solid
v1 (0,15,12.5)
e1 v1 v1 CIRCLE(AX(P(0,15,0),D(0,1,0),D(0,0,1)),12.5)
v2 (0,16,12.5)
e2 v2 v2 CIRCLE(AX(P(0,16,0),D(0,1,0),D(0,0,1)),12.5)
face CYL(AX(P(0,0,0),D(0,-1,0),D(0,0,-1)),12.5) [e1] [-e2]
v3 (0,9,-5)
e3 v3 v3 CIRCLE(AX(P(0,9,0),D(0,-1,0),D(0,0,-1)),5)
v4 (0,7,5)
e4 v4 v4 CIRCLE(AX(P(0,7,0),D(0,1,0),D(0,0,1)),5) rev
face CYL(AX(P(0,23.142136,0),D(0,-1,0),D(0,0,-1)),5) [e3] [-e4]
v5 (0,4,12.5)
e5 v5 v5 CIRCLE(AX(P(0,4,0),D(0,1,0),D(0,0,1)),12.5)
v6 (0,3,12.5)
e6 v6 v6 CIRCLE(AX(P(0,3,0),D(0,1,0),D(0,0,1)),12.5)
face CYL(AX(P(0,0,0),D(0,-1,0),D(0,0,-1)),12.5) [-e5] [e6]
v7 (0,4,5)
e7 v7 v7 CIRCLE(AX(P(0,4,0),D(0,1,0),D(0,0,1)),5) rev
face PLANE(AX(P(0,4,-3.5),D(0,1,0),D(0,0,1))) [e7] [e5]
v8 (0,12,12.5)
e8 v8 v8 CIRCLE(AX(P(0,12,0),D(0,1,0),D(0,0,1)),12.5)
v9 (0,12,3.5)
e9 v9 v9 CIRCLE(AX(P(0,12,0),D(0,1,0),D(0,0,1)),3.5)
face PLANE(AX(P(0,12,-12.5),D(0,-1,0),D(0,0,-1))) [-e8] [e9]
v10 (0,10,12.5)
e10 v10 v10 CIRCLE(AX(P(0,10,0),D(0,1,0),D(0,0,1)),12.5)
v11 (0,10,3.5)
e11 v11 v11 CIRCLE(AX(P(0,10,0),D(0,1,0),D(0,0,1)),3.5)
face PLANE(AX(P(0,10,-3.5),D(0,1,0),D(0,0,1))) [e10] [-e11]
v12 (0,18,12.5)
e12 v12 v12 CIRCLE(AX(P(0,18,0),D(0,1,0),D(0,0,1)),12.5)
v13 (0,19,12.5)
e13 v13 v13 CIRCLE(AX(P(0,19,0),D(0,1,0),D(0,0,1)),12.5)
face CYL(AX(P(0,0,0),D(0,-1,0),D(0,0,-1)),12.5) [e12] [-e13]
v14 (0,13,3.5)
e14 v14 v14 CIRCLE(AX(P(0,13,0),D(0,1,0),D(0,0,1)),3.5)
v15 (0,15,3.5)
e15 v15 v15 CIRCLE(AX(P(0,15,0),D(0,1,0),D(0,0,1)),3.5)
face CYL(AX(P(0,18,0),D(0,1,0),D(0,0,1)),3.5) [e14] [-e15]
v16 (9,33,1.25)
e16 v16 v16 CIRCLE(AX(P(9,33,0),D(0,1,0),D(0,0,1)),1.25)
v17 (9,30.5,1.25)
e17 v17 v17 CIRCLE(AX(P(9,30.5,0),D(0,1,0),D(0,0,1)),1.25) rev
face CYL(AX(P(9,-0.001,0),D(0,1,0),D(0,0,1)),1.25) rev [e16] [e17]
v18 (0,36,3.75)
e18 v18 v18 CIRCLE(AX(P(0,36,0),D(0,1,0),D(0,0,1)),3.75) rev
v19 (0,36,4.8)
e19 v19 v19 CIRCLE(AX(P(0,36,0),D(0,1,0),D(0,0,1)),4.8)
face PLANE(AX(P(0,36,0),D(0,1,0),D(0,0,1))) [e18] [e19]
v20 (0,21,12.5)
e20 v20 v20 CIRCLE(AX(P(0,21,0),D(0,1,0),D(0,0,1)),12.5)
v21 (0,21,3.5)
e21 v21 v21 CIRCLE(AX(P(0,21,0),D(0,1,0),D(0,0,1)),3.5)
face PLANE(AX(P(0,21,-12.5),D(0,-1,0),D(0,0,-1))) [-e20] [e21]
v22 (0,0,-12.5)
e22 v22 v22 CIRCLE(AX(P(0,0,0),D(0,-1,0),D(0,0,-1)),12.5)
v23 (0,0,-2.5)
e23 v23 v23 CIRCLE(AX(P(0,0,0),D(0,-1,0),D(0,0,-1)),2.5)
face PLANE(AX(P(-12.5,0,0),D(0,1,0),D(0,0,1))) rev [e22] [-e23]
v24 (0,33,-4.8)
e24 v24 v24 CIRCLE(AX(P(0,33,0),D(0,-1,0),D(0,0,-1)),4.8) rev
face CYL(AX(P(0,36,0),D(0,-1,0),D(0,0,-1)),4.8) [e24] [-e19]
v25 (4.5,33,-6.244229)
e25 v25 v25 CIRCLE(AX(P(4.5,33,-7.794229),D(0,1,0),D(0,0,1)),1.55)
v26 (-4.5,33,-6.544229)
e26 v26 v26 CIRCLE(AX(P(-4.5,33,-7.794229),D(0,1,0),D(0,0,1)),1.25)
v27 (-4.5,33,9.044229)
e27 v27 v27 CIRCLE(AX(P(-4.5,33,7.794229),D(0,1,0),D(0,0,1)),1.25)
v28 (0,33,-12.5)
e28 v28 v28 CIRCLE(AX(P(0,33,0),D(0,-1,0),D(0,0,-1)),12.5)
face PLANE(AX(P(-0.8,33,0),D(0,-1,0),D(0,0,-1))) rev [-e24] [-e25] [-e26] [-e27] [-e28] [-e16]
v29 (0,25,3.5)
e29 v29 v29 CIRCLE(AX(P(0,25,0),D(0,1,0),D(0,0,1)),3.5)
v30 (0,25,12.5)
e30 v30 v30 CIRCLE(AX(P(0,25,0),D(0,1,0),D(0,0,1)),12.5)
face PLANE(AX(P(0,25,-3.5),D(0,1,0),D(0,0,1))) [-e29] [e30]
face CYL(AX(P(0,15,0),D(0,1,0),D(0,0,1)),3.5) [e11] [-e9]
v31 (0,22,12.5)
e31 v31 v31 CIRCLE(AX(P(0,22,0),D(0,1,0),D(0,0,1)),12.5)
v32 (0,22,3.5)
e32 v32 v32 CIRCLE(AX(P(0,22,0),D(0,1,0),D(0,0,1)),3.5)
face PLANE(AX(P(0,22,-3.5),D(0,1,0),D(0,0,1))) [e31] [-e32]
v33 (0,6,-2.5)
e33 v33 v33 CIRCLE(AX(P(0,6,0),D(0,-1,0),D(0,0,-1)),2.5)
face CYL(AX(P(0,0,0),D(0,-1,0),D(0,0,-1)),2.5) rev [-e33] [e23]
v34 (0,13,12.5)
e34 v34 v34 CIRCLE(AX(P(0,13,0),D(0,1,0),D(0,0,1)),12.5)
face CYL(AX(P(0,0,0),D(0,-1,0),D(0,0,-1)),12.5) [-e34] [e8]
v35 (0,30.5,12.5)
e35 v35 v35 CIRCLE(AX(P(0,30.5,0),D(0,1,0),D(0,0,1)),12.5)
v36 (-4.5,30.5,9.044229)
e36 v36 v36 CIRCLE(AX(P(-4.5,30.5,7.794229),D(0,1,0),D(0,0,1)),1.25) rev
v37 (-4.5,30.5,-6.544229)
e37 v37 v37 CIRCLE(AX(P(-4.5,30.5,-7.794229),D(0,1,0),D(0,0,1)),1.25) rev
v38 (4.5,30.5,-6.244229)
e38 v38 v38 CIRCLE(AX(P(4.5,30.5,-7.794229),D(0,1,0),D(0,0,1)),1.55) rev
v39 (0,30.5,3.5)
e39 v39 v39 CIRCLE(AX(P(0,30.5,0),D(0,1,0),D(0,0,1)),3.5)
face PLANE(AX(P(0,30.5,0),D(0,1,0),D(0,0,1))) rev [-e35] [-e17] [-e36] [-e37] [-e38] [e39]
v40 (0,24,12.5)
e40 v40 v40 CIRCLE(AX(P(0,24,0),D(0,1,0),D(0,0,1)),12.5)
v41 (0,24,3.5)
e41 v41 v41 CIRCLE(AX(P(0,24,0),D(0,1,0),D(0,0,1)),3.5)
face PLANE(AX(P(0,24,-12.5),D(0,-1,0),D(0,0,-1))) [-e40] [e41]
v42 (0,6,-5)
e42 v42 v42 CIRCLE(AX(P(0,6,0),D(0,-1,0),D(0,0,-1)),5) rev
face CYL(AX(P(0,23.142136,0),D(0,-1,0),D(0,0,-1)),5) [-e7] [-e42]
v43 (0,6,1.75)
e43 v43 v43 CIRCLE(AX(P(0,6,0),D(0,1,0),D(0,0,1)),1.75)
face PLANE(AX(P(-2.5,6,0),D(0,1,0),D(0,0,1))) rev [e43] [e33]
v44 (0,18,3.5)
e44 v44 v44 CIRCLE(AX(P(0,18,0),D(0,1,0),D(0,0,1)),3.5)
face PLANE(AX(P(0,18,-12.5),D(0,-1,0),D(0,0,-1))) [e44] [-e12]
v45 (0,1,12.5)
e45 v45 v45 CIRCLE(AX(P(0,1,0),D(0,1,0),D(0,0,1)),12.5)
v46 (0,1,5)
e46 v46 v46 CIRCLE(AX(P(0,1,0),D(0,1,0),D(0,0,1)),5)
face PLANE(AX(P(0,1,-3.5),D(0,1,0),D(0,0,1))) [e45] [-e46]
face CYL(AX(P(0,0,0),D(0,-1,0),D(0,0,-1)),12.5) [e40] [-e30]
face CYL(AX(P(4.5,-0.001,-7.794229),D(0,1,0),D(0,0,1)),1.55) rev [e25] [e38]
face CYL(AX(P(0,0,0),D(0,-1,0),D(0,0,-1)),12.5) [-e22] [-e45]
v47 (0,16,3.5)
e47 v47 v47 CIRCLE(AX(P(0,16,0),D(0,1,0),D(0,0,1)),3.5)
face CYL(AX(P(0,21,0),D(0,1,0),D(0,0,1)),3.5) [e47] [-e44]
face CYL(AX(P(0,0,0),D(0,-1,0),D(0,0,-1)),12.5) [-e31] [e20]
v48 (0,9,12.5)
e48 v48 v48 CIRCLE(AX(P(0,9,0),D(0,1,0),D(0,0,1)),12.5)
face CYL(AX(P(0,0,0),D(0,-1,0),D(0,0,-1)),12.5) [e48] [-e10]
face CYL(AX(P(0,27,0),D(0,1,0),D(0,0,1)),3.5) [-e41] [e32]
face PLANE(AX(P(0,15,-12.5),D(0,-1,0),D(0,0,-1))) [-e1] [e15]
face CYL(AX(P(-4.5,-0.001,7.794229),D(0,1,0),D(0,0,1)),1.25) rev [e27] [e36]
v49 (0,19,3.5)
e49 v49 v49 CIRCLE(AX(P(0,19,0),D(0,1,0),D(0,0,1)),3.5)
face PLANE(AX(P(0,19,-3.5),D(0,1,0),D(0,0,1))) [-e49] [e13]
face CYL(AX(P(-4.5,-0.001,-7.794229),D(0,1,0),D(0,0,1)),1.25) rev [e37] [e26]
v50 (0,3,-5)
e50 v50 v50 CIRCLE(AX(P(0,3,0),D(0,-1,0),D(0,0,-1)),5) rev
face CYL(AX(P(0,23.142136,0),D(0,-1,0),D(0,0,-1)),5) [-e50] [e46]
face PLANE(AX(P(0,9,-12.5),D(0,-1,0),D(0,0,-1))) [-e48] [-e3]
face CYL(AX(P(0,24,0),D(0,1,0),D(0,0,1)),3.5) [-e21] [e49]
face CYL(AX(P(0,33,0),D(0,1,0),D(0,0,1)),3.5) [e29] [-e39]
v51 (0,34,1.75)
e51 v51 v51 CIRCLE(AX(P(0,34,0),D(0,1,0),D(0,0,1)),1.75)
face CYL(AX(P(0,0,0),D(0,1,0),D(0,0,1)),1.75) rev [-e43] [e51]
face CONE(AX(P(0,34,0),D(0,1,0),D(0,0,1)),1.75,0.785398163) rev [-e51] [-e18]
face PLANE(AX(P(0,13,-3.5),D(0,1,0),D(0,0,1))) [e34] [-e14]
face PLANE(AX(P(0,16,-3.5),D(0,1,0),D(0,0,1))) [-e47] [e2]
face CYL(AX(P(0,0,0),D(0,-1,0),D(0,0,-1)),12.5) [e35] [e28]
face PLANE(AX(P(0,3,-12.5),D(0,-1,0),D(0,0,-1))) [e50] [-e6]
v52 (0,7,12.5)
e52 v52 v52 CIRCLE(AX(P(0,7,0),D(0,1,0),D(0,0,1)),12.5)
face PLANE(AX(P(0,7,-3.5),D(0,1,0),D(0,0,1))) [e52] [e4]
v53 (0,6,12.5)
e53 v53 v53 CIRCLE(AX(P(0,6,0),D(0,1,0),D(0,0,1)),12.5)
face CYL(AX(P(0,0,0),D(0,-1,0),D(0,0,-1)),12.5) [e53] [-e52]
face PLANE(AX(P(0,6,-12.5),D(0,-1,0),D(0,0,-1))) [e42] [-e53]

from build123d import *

# Parameters (mm, degrees)
LPATTERN1_COUNT       = 11
LPATTERN1_PITCH       = 3
CORTAR_EXTRUIR2_REACH = 35.113
CROQUIS2_R            = 12.499999999999996
CROQUIS2_R_2          = 3.4999999999999982
SKETCH3_R             = 4.8
BOSS_EXTRUDE1_DEPTH   = 3
SKETCH4_R             = 1.75
CUT_EXTRUDE1_DEPTH    = 41.10610926031096
CHAMFER1_SIZE         = 2
SKETCH7_R             = 12.499999999999996
SKETCH7_R_2           = 3.4999999999999982
CUT_EXTRUDE5_DEPTH    = 0.5
CUT_EXTRUDE2_REACH    = 39.437
SKETCH5_R             = 1.2499999999999991
SKETCH5_R_2           = 1.2500000000000002
BOSS_EXTRUDE2_REACH   = 41.211
SKETCH8_R             = 4.999999999999997
SKETCH8_R_2           = 3.4999999999999982
CORTAR_EXTRUIR1_REACH = 39.437
CROQUIS1_R            = 1.5500000000000003


with BuildPart() as part:
    # Sketch1 → Revolve1 (revolve)
    with BuildSketch(Plane.XY, mode=Mode.PRIVATE) as revolve1_sk:
        Polygon((-2.5, -3.1e-16), (-2.5, 5.999999999999998), (-0.7999999999999999, 5.999999999999998), (-0.8, 33), (-12.5, 33), (-12.499999999999995, 0), align=None)
    revolve(revolve1_sk.sketch.rotate(Axis((0, 0, 0), (0, 1, 0)), 270), axis=Axis((0, 0, 0), (0, 1, 0)))

    # Sketch2 → Cut-Revolve1 (revolve, cut)
    with BuildSketch(Plane(origin=(0, 0, 0), x_dir=(0, 0, -1), z_dir=(1, 0, 0))):
        Polygon((12.499999999999996, 30), (3.4999999999999973, 30), (3.499999999999998, 27.999999999999996), (12.499999999999996, 27.999999999999993), align=None)
    cut_revolve1 = revolve(axis=Axis((0, 33, 0), (0, -1, 0)), mode=Mode.SUBTRACT)

    # LPattern1: Cut-Revolve1 ×11
    with Locations(*[(0, -i * LPATTERN1_PITCH, 0) for i in range(1, LPATTERN1_COUNT)]):
        add(cut_revolve1, mode=Mode.SUBTRACT)

    # Croquis2 → Cortar-Extruir2 (cut, up to next)
    with BuildSketch(Plane(origin=(0, 27.999999999999996, 0), x_dir=(1, 0, 0), z_dir=(0, 1, 0)), mode=Mode.PRIVATE) as cortar_extruir2_sk1:
        with Locations(Location((0, 0, 0), (0, 0, 270))):
            Circle(CROQUIS2_R)
        with Locations(Location((0, 0, 0), (0, 0, 270))):
            Circle(CROQUIS2_R_2, mode=Mode.SUBTRACT)
    cortar_extruir2_tool1 = extrude(cortar_extruir2_sk1.sketch, amount=-CORTAR_EXTRUIR2_REACH, mode=Mode.PRIVATE) & part.part
    add(cortar_extruir2_tool1.solids().sort_by_distance((0, 28, -12.146447))[0], mode=Mode.SUBTRACT)

    # Sketch3 → Boss-Extrude1 (add)
    with BuildSketch(Plane(origin=(0, 33, 0), x_dir=(1, 0, 0), z_dir=(0, 1, 0))):
        with Locations(Location((0, 0, 0), (0, 0, 90))):
            Circle(SKETCH3_R)
    extrude(amount=BOSS_EXTRUDE1_DEPTH)

    # Sketch4 → Cut-Extrude1 (cut, through all)
    with BuildSketch(Plane(origin=(0, 36.00000000000001, 0), x_dir=(1, 0, 0), z_dir=(0, 1, 0))):
        with Locations(Location((0, 0, 0), (0, 0, 270))):
            Circle(SKETCH4_R)
    extrude(amount=-CUT_EXTRUDE1_DEPTH, mode=Mode.SUBTRACT)

    # Chamfer1
    chamfer1_edges = [part.edges().sort_by_distance(p)[0] for p in [
        (5.4e-16, 36.00000000000001, -1.75),
    ]]
    chamfer(chamfer1_edges, length=CHAMFER1_SIZE)

    # Sketch7 → Cut-Extrude5 (cut)
    with BuildSketch(Plane(origin=(0, 30, 0), x_dir=(1, 0, 0), z_dir=(0, 1, 0))):
        with Locations(Location((0, 0, 0), (0, 0, 270))):
            Circle(SKETCH7_R)
        with Locations(Location((0, 0, 0), (0, 0, 270))):
            Circle(SKETCH7_R_2, mode=Mode.SUBTRACT)
    extrude(amount=CUT_EXTRUDE5_DEPTH, mode=Mode.SUBTRACT)

    # Sketch5 → Cut-Extrude2 (cut, up to next)
    with BuildSketch(Plane(origin=(0, 33, 0), x_dir=(1, 0, 0), z_dir=(0, 1, 0)), mode=Mode.PRIVATE) as cut_extrude2_sk1:
        with Locations(Location((9, -9.8e-16, 0), (0, 0, 270))):
            Circle(SKETCH5_R)
    cut_extrude2_tool1 = extrude(cut_extrude2_sk1.sketch, amount=-CUT_EXTRUDE2_REACH, mode=Mode.PRIVATE) & part.part
    # Sketch5 → Cut-Extrude2 (cut, up to next)
    with BuildSketch(Plane(origin=(0, 33, 0), x_dir=(1, 0, 0), z_dir=(0, 1, 0)), mode=Mode.PRIVATE) as cut_extrude2_sk2:
        with Locations(Location((-4.499999999999999, -7.794228634059948, 0), (0, 0, 270))):
            Circle(SKETCH5_R_2)
    cut_extrude2_tool2 = extrude(cut_extrude2_sk2.sketch, amount=-CUT_EXTRUDE2_REACH, mode=Mode.PRIVATE) & part.part
    # Sketch5 → Cut-Extrude2 (cut, up to next)
    with BuildSketch(Plane(origin=(0, 33, 0), x_dir=(1, 0, 0), z_dir=(0, 1, 0)), mode=Mode.PRIVATE) as cut_extrude2_sk3:
        with Locations(Location((-4.5000000000000036, 7.794228634059946, 0), (0, 0, 270))):
            Circle(SKETCH5_R_2)
    cut_extrude2_tool3 = extrude(cut_extrude2_sk3.sketch, amount=-CUT_EXTRUDE2_REACH, mode=Mode.PRIVATE) & part.part
    add(cut_extrude2_tool1.solids().sort_by_distance((9, 33, 0))[0], mode=Mode.SUBTRACT)
    add(cut_extrude2_tool2.solids().sort_by_distance((-4.5, 33, 7.794229))[0], mode=Mode.SUBTRACT)
    add(cut_extrude2_tool3.solids().sort_by_distance((-4.5, 33, -7.794229))[0], mode=Mode.SUBTRACT)

    # Boss-Extrude2: up to this face of the body (flat: up to its plane)
    boss_extrude2_end = Plane(part.part.faces().sort_by_distance((0, 9, 12.146446609))[0])
    # Sketch8 → Boss-Extrude2 (add, up to the picked face)
    with BuildSketch(Plane(origin=(0, 0.9999999999999974, 0), x_dir=(1, 0, 0), z_dir=(0, 1, 0)), mode=Mode.PRIVATE) as boss_extrude2_sk1:
        with Locations(Location((0, 0, 0), (0, 0, 90))):
            Circle(SKETCH8_R)
        with Locations(Location((0, 0, 0), (0, 0, 270))):
            Circle(SKETCH8_R_2, mode=Mode.SUBTRACT)
    boss_extrude2_tool1 = split(extrude(boss_extrude2_sk1.sketch, amount=BOSS_EXTRUDE2_REACH, mode=Mode.PRIVATE), bisect_by=boss_extrude2_end, keep=Keep.BOTH, mode=Mode.PRIVATE)
    add(boss_extrude2_tool1.solids().sort_by(Axis((0, 1, 4.858579), (0, 1, 0)))[0])

    # Croquis1 → Cortar-Extruir1 (cut, up to next)
    with BuildSketch(Plane(origin=(0, 33, 0), x_dir=(1, 0, 0), z_dir=(0, 1, 0)), mode=Mode.PRIVATE) as cortar_extruir1_sk1:
        with Locations(Location((4.49999999999998, 7.7942286340599605, 0), (0, 0, 270))):
            Circle(CROQUIS1_R)
    cortar_extruir1_tool1 = extrude(cortar_extruir1_sk1.sketch, amount=-CORTAR_EXTRUIR1_REACH, mode=Mode.PRIVATE) & part.part
    add(cortar_extruir1_tool1.solids().sort_by_distance((4.5, 33, -7.794229))[0], mode=Mode.SUBTRACT)


solid = part.part
